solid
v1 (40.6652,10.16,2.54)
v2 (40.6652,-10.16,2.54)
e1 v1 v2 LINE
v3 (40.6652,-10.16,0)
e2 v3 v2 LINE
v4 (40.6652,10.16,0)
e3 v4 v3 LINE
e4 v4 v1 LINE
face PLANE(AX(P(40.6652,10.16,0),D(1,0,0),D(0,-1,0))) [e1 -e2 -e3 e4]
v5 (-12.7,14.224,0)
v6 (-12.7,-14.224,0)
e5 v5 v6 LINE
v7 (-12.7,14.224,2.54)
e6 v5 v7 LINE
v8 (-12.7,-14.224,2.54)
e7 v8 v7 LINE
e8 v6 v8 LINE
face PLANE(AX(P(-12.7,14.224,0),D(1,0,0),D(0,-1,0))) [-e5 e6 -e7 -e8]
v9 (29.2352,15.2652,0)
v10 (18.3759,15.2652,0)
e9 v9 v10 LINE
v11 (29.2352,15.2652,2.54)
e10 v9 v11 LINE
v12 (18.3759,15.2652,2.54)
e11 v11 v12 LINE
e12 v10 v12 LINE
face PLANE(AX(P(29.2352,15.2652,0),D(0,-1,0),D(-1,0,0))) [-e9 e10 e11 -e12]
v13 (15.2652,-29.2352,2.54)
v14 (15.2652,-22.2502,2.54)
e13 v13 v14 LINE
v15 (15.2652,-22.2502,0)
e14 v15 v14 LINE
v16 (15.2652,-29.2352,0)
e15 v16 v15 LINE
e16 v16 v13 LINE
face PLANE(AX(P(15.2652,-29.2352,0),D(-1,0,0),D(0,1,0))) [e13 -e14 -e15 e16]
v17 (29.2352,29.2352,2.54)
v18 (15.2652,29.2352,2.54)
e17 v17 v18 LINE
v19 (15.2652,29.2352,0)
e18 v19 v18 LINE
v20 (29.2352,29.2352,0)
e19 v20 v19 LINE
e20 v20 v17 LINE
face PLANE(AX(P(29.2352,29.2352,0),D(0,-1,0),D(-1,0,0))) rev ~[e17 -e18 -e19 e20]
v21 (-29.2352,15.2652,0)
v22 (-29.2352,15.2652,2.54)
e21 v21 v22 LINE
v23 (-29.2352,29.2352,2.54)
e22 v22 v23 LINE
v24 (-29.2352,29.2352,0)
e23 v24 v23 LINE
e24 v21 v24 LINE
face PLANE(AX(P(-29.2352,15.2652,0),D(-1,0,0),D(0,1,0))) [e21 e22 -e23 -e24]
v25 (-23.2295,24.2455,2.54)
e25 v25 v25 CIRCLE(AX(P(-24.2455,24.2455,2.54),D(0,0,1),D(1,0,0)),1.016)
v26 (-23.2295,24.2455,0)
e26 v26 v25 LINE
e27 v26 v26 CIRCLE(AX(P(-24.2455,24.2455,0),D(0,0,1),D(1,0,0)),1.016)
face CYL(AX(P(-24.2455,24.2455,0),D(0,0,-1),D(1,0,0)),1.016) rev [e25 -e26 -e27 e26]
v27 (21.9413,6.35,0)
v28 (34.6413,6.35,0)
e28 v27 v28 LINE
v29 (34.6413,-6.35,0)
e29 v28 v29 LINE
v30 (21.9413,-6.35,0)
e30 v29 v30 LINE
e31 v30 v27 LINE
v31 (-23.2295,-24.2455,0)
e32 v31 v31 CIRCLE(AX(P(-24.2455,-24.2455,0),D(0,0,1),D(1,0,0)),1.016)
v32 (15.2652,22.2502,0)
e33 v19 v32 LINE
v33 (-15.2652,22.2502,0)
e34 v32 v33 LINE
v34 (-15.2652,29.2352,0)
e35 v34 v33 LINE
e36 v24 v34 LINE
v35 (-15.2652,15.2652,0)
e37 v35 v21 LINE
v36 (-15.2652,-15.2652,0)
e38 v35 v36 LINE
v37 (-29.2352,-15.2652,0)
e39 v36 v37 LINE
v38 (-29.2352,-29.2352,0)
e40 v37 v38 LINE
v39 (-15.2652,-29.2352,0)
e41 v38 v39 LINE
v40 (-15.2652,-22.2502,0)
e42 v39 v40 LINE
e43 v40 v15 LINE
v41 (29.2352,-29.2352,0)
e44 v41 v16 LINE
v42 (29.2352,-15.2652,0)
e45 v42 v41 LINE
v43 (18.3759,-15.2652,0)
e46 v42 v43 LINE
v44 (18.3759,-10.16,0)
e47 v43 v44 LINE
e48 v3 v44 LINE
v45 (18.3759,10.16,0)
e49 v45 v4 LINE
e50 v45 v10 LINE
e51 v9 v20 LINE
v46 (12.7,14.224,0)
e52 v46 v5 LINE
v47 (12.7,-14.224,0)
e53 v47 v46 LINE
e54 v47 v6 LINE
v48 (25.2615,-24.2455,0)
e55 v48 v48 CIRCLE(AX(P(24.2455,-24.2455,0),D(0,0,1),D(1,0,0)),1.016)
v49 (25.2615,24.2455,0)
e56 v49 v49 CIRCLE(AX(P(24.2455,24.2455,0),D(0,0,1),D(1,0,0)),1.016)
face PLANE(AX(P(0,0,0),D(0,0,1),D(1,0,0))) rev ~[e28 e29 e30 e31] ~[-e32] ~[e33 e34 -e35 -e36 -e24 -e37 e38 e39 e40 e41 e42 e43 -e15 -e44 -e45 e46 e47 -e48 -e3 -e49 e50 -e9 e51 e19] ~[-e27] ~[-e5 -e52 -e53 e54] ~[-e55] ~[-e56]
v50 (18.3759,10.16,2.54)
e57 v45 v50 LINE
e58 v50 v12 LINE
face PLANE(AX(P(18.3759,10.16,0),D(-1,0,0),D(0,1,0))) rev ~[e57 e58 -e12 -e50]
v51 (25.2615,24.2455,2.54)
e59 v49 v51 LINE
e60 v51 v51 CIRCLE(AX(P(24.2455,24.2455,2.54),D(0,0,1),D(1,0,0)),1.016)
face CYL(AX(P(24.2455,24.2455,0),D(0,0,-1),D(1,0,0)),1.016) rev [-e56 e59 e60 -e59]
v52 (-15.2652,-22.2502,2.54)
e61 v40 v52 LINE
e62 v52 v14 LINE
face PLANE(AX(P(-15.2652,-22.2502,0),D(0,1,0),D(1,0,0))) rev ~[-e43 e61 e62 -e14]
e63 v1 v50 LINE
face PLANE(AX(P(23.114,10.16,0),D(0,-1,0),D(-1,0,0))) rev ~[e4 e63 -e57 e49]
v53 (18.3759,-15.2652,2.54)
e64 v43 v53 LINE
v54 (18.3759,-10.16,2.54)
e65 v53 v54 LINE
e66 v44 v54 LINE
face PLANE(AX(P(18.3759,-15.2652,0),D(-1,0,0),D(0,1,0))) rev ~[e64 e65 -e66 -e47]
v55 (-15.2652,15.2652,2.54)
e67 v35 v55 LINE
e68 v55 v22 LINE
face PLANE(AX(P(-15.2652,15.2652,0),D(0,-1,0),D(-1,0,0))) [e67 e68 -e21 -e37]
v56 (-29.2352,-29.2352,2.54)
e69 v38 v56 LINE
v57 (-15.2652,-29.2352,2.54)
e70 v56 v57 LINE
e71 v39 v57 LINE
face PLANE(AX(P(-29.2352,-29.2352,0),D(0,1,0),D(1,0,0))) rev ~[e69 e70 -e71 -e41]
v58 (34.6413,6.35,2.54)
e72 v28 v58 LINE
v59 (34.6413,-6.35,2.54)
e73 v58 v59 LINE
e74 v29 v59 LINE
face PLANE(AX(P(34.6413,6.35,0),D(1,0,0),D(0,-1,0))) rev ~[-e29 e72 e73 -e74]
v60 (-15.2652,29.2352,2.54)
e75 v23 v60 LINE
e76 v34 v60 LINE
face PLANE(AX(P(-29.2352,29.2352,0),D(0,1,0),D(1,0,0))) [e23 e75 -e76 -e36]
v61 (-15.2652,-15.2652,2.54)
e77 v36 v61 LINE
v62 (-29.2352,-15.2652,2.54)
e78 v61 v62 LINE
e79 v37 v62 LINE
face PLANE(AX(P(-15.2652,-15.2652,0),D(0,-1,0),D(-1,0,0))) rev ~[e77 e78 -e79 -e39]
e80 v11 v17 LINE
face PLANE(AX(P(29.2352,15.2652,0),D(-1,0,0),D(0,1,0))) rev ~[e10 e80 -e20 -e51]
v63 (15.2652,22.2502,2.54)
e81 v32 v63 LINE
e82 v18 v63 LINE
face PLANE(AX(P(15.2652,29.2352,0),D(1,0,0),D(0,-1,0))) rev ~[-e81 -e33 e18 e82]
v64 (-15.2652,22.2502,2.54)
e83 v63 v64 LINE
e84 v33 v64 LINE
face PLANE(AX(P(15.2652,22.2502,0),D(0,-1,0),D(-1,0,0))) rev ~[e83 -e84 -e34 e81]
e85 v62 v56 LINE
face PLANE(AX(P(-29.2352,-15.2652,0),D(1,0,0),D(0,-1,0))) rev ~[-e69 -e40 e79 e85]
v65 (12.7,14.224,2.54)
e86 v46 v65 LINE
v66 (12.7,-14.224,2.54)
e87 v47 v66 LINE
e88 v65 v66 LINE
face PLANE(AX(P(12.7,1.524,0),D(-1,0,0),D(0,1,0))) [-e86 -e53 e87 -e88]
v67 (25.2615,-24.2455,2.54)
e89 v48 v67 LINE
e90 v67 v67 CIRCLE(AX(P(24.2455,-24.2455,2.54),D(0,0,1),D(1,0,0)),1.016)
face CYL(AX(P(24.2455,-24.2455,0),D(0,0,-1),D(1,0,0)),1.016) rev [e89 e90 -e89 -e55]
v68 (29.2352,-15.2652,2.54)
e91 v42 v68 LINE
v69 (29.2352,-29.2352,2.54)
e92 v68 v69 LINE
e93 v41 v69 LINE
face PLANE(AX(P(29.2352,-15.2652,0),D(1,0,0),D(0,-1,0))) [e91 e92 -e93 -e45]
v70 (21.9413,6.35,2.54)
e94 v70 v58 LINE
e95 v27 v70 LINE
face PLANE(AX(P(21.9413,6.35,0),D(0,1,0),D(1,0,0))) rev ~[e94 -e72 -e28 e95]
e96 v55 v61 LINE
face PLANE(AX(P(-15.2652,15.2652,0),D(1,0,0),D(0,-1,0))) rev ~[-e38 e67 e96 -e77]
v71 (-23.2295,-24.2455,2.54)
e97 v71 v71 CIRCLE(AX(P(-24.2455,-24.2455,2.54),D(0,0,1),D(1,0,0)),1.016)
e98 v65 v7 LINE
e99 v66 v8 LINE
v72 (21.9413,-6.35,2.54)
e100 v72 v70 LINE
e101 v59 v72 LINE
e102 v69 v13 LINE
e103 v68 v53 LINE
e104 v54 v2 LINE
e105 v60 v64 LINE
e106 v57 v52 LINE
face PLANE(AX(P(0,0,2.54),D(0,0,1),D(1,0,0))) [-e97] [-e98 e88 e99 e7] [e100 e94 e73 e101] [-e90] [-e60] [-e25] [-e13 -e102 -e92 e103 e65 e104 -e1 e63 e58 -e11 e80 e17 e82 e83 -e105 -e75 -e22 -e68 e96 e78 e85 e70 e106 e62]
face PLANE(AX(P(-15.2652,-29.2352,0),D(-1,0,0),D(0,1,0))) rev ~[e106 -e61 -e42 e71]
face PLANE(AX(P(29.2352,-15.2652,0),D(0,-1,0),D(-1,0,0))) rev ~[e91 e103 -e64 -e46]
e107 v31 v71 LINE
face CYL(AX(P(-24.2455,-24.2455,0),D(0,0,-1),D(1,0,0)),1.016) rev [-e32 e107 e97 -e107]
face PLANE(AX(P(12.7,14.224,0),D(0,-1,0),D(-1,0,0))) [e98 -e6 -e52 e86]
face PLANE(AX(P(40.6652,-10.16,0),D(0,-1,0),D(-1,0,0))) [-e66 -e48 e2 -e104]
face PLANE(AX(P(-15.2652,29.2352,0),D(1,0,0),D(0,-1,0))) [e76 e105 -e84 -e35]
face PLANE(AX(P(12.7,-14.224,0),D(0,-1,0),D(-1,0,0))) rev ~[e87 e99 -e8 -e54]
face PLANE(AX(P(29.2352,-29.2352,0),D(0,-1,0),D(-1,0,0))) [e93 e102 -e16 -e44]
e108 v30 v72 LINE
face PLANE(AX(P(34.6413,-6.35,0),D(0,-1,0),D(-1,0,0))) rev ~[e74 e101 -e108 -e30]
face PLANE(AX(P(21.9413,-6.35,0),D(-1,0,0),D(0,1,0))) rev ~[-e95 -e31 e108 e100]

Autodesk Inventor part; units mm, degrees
ref_plane "YZ Plane" through (0, 0, 0) normal (1, 0, 0) x (0, 1, 0)
ref_plane "XZ Plane" through (0, 0, 0) normal (0, 1, 0) x (-1, 0, 0)
ref_plane "XY Plane" through (0, 0, 0) normal (0, 0, 1) x (1, 0, 0)
sketch "Sketch1" plane through (0, 0, 0) normal (0, 0, 1) x (1, 0, 0)
  circle A0 centre (24.2455, 24.2455) radius 1.016 projected
  circle A1 centre (-24.2455, 24.2455) radius 1.016 projected
  circle A2 centre (-24.2455, -24.2455) radius 1.016 projected
  circle A3 centre (24.2455, -24.2455) radius 1.016 projected
  line L0 (29.2352, 15.2652) -> (29.2352, 29.2352)
  line L1 (29.2352, 29.2352) -> (15.2652, 29.2352)
  line L2 (29.2352, -15.2652) -> (29.2352, -29.2352)
  line L3 (29.2352, -29.2352) -> (15.2652, -29.2352)
  line L4 (-15.2652, -15.2652) -> (-29.2352, -15.2652)
  line L5 (-29.2352, -15.2652) -> (-29.2352, -29.2352)
  line L6 (-29.2352, -29.2352) -> (-15.2652, -29.2352)
  line L7 (-15.2652, -29.2352) -> (-15.2652, -15.2652)
  line L8 (-15.2652, 15.2652) -> (-29.2352, 15.2652)
  line L9 (-29.2352, 15.2652) -> (-29.2352, 29.2352)
  line L10 (-29.2352, 29.2352) -> (-15.2652, 29.2352)
  line L11 (-15.2652, 29.2352) -> (-15.2652, 15.2652)
  line L12 (15.2652, 22.2502) -> (-15.2652, 22.2502)
  line L13 (-15.2652, 22.2502) -> (-15.2652, -22.2502)
  line L14 (-15.2652, -22.2502) -> (15.2652, -22.2502)
  line L15 (23.114, 10.16) -> (18.034, 10.16) projected
  line L16 (18.034, -10.16) -> (23.114, -10.16) projected
  line L17 (40.6652, 10.16) -> (40.6652, -10.16)
  line L18 (12.7, 1.524) -> (12.7, 14.224) projected
  line L19 (12.7, -1.524) -> (12.7, -14.224) projected
  line L20 (-12.7, 14.224) -> (-12.7, 1.524) projected
  line L21 (-12.7, -14.224) -> (-12.7, -1.524) projected
  line L22 (12.7, 14.224) -> (-12.7, 14.224) projected
  line L23 (12.7, -1.524) -> (12.7, -14.224) projected
  line L24 (-12.7, -1.524) -> (12.7, -1.524) projected
  line L25 (-12.7, -14.224) -> (-12.7, -1.524) projected
  line L26 (12.7, -14.224) -> (-12.7, -14.224) projected
  line L27 (12.7, 14.224) -> (-12.7, 14.224)
  line L28 (-12.7, 14.224) -> (-12.7, -14.224)
  line L29 (-12.7, -14.224) -> (12.7, -14.224)
  line L30 (12.7, -14.224) -> (12.7, 14.224)
  line L31 (24.1704, 18.3364) -> (18.3759, 24.1384) projected
  line L32 (18.3759, -22.2502) -> (15.2652, -22.2502)
  line L33 (15.2652, 22.2502) -> (18.3759, 22.2502)
  line L34 (15.2652, 29.2352) -> (15.2652, 22.2502)
  line L35 (15.2652, -29.2352) -> (15.2652, -22.2502)
  line L36 (29.2352, 15.2652) -> (18.3759, 15.2652)
  line L37 (29.2352, -15.2652) -> (18.3759, -15.2652)
  line L38 (40.6652, 10.16) -> (18.3759, 10.16)
  line L39 (40.6652, -10.16) -> (18.3759, -10.16)
  line L40 (21.9413, 6.35) -> (34.6413, 6.35)
  line L41 (34.6413, 6.35) -> (34.6413, -6.35)
  line L42 (34.6413, -6.35) -> (21.9413, -6.35)
  line L43 (21.9413, -6.35) -> (21.9413, 6.35)
  line L44 (18.3759, -15.2652) -> (18.3759, -10.16)
  line L45 (18.3759, 10.16) -> (18.3759, 15.2652)
  point P0 (0, 0)
  point P1 (-15.2652, 22.2502)
  dimension "d1" = 12.7
  dimension "d2" = 12.7
  dimension "d4" = 13.97
  dimension "d5" = 13.97
  dimension "d6" = 13.97
  dimension "d7" = 13.97
  dimension "d8" = 13.97
  dimension "d9" = 13.97
  dimension "d10" = 13.97
  dimension "d11" = 13.97
  dimension "d20" = 12.7
  dimension "d21" = 12.7
  dimension "d26" = 3.81
extrude "Extrusion3" add sketch "Sketch1" along normal blind 2.54
properties part number "holder" material "ABS Plastic"
